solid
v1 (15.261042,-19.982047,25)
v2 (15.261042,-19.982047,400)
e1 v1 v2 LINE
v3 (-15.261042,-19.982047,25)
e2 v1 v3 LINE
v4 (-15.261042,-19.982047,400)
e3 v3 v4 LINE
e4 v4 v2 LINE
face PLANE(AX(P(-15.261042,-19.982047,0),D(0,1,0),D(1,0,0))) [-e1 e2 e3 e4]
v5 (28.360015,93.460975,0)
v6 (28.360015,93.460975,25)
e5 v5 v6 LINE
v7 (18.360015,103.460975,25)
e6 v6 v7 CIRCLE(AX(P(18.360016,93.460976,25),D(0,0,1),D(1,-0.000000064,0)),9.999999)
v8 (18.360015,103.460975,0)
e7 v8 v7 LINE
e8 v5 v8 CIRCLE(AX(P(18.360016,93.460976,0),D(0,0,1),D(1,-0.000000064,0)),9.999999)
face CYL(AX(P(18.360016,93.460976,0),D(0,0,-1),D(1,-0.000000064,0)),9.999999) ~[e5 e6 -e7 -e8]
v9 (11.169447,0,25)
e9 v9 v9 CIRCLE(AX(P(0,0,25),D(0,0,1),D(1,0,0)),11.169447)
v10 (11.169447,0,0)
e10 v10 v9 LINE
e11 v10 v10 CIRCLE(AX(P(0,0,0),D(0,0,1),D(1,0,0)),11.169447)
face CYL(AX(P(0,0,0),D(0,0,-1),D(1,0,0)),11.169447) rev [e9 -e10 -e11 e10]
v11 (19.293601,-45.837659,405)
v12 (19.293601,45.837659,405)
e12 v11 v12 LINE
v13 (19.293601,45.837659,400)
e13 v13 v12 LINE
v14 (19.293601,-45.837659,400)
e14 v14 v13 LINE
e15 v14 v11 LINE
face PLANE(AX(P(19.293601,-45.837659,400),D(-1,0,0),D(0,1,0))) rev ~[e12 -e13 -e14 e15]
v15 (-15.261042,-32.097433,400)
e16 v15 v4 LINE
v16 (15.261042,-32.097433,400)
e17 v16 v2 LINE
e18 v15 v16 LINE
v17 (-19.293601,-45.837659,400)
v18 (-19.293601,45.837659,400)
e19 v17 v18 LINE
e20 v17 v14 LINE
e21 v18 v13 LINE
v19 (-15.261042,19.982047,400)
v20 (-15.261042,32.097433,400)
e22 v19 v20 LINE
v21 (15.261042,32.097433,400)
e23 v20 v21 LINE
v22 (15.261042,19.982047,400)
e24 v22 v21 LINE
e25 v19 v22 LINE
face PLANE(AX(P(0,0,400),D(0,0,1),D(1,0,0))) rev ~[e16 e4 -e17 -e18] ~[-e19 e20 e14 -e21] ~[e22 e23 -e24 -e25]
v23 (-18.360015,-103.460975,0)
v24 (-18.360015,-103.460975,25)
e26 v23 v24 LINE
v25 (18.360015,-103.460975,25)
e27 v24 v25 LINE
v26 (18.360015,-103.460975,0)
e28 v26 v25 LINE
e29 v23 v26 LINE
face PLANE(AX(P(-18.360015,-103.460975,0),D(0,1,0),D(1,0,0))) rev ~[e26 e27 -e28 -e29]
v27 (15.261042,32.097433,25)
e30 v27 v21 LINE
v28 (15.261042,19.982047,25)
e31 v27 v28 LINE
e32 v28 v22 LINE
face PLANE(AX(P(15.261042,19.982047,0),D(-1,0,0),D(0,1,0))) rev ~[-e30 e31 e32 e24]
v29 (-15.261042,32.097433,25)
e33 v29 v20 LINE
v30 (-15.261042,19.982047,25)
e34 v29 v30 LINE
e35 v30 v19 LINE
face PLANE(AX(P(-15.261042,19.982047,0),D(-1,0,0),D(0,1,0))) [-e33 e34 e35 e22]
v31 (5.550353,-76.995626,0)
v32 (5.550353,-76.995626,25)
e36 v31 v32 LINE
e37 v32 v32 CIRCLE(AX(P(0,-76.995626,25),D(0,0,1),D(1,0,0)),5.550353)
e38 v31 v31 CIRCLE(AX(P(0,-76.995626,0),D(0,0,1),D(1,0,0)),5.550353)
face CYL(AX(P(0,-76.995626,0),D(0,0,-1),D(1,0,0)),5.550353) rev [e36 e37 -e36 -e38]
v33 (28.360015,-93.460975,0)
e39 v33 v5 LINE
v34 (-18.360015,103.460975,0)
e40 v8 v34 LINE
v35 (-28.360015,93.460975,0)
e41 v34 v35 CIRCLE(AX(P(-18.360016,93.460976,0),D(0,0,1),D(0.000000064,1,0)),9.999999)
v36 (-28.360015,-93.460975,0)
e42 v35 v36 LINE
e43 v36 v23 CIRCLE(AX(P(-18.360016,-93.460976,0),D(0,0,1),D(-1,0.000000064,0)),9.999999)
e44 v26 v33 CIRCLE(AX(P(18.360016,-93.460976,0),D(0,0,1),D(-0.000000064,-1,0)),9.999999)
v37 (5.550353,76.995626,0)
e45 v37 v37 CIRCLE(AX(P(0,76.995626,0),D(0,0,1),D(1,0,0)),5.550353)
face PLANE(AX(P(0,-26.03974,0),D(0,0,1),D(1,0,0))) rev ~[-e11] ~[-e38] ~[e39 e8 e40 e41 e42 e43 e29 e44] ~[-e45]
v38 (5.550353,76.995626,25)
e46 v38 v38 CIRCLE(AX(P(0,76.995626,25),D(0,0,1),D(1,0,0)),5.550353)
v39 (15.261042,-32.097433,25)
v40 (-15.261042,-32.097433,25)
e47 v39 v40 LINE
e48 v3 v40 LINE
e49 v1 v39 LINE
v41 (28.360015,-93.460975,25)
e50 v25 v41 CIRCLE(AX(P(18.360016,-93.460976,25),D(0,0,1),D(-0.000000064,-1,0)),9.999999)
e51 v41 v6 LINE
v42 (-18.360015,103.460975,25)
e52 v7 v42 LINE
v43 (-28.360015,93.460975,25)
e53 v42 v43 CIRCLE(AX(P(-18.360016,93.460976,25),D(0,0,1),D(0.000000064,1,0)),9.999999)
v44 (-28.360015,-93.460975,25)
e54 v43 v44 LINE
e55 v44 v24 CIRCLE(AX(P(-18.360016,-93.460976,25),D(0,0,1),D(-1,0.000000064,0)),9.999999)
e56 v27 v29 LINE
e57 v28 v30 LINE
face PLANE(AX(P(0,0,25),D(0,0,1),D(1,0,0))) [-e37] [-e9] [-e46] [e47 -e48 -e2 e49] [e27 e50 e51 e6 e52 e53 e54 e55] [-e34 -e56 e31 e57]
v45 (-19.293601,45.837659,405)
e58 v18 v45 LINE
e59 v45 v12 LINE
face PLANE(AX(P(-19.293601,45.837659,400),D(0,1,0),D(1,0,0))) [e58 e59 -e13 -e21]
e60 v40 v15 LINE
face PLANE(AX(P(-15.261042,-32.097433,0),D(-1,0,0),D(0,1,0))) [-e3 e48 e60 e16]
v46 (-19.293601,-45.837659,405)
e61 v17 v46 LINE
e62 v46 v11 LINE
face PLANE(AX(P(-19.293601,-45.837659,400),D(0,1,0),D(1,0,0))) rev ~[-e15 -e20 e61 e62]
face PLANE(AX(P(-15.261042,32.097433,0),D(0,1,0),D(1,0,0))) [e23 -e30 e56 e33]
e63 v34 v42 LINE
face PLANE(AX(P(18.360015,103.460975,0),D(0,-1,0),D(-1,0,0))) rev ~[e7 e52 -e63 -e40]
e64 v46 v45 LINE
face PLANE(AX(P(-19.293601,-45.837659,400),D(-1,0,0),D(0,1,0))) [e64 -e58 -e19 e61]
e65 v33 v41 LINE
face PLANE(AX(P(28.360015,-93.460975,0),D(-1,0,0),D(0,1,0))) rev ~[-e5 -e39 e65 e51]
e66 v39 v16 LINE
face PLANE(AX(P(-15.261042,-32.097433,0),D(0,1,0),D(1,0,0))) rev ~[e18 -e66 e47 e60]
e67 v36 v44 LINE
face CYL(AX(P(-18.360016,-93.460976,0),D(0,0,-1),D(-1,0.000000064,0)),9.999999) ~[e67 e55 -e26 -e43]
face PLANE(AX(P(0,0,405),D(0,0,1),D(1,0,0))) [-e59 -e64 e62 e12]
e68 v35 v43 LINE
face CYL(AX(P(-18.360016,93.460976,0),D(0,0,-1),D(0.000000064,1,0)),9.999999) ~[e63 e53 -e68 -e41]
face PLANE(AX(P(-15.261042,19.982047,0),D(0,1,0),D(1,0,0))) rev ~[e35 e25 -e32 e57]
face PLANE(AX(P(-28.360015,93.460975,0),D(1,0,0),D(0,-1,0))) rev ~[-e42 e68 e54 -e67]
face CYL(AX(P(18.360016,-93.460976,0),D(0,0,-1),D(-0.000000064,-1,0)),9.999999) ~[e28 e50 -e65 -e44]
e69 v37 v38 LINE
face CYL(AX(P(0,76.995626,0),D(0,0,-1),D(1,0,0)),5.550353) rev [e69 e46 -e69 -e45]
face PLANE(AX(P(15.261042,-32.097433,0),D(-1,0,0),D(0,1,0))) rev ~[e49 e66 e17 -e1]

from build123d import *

# Parameters (mm, degrees)
F0_R     = 5.550353
F0_W     = 30.522084
F0_H     = 12.115386
F0_R_2   = 11.169447
F1_DEPTH = 25
F2_DEPTH = 400
F3_W     = 38.587202
F3_H     = 91.675318
F4_DEPTH = 5


with BuildPart() as f1:
    # F0 (on Top) → F1 (new body)
    with BuildSketch(Plane.XY):
        with BuildLine():
            ThreePointArc((28.360015, 93.460975), (25.431083, 100.532043), (18.360015, 103.460975))
            Line((18.360015, 103.460975), (-18.360015, 103.460975))
            ThreePointArc((-18.360015, 103.460975), (-25.431083, 100.532043), (-28.360015, 93.460975))
            Line((-28.360015, 93.460975), (-28.360015, -93.460975))
            ThreePointArc((-28.360015, -93.460975), (-25.431083, -100.532043), (-18.360015, -103.460975))
            Line((-18.360015, -103.460975), (18.360015, -103.460975))
            ThreePointArc((18.360015, -103.460975), (25.431083, -100.532043), (28.360015, -93.460975))
            Line((28.360015, -93.460975), (28.360015, 93.460975))
        make_face()
        with Locations((0, -76.995626)):
            Circle(F0_R, mode=Mode.SUBTRACT)
        with Locations((0, -26.03974)):
            Rectangle(F0_W, F0_H, mode=Mode.SUBTRACT)
        Circle(F0_R_2, mode=Mode.SUBTRACT)
        with Locations((0, 26.03974)):
            Rectangle(F0_W, F0_H, mode=Mode.SUBTRACT)
        with Locations((0, 76.995626)):
            Circle(F0_R, mode=Mode.SUBTRACT)
        with Locations((0, -26.03974)):
            Rectangle(F0_W, F0_H)
        with Locations((0, 26.03974)):
            Rectangle(F0_W, F0_H)
    extrude(amount=F1_DEPTH)

    # F0 (on Top) → F2 (join)
    with BuildSketch(Plane.XY):
        with Locations((0, -26.03974)):
            Rectangle(F0_W, F0_H)
        with Locations((0, 26.03974)):
            Rectangle(F0_W, F0_H)
    extrude(amount=F2_DEPTH)

    # F3 (on face) → F4 (join)
    with BuildSketch(Plane.XY.offset(400)):
        Rectangle(F3_W, F3_H)
    extrude(amount=F4_DEPTH)


solid = f1.part
